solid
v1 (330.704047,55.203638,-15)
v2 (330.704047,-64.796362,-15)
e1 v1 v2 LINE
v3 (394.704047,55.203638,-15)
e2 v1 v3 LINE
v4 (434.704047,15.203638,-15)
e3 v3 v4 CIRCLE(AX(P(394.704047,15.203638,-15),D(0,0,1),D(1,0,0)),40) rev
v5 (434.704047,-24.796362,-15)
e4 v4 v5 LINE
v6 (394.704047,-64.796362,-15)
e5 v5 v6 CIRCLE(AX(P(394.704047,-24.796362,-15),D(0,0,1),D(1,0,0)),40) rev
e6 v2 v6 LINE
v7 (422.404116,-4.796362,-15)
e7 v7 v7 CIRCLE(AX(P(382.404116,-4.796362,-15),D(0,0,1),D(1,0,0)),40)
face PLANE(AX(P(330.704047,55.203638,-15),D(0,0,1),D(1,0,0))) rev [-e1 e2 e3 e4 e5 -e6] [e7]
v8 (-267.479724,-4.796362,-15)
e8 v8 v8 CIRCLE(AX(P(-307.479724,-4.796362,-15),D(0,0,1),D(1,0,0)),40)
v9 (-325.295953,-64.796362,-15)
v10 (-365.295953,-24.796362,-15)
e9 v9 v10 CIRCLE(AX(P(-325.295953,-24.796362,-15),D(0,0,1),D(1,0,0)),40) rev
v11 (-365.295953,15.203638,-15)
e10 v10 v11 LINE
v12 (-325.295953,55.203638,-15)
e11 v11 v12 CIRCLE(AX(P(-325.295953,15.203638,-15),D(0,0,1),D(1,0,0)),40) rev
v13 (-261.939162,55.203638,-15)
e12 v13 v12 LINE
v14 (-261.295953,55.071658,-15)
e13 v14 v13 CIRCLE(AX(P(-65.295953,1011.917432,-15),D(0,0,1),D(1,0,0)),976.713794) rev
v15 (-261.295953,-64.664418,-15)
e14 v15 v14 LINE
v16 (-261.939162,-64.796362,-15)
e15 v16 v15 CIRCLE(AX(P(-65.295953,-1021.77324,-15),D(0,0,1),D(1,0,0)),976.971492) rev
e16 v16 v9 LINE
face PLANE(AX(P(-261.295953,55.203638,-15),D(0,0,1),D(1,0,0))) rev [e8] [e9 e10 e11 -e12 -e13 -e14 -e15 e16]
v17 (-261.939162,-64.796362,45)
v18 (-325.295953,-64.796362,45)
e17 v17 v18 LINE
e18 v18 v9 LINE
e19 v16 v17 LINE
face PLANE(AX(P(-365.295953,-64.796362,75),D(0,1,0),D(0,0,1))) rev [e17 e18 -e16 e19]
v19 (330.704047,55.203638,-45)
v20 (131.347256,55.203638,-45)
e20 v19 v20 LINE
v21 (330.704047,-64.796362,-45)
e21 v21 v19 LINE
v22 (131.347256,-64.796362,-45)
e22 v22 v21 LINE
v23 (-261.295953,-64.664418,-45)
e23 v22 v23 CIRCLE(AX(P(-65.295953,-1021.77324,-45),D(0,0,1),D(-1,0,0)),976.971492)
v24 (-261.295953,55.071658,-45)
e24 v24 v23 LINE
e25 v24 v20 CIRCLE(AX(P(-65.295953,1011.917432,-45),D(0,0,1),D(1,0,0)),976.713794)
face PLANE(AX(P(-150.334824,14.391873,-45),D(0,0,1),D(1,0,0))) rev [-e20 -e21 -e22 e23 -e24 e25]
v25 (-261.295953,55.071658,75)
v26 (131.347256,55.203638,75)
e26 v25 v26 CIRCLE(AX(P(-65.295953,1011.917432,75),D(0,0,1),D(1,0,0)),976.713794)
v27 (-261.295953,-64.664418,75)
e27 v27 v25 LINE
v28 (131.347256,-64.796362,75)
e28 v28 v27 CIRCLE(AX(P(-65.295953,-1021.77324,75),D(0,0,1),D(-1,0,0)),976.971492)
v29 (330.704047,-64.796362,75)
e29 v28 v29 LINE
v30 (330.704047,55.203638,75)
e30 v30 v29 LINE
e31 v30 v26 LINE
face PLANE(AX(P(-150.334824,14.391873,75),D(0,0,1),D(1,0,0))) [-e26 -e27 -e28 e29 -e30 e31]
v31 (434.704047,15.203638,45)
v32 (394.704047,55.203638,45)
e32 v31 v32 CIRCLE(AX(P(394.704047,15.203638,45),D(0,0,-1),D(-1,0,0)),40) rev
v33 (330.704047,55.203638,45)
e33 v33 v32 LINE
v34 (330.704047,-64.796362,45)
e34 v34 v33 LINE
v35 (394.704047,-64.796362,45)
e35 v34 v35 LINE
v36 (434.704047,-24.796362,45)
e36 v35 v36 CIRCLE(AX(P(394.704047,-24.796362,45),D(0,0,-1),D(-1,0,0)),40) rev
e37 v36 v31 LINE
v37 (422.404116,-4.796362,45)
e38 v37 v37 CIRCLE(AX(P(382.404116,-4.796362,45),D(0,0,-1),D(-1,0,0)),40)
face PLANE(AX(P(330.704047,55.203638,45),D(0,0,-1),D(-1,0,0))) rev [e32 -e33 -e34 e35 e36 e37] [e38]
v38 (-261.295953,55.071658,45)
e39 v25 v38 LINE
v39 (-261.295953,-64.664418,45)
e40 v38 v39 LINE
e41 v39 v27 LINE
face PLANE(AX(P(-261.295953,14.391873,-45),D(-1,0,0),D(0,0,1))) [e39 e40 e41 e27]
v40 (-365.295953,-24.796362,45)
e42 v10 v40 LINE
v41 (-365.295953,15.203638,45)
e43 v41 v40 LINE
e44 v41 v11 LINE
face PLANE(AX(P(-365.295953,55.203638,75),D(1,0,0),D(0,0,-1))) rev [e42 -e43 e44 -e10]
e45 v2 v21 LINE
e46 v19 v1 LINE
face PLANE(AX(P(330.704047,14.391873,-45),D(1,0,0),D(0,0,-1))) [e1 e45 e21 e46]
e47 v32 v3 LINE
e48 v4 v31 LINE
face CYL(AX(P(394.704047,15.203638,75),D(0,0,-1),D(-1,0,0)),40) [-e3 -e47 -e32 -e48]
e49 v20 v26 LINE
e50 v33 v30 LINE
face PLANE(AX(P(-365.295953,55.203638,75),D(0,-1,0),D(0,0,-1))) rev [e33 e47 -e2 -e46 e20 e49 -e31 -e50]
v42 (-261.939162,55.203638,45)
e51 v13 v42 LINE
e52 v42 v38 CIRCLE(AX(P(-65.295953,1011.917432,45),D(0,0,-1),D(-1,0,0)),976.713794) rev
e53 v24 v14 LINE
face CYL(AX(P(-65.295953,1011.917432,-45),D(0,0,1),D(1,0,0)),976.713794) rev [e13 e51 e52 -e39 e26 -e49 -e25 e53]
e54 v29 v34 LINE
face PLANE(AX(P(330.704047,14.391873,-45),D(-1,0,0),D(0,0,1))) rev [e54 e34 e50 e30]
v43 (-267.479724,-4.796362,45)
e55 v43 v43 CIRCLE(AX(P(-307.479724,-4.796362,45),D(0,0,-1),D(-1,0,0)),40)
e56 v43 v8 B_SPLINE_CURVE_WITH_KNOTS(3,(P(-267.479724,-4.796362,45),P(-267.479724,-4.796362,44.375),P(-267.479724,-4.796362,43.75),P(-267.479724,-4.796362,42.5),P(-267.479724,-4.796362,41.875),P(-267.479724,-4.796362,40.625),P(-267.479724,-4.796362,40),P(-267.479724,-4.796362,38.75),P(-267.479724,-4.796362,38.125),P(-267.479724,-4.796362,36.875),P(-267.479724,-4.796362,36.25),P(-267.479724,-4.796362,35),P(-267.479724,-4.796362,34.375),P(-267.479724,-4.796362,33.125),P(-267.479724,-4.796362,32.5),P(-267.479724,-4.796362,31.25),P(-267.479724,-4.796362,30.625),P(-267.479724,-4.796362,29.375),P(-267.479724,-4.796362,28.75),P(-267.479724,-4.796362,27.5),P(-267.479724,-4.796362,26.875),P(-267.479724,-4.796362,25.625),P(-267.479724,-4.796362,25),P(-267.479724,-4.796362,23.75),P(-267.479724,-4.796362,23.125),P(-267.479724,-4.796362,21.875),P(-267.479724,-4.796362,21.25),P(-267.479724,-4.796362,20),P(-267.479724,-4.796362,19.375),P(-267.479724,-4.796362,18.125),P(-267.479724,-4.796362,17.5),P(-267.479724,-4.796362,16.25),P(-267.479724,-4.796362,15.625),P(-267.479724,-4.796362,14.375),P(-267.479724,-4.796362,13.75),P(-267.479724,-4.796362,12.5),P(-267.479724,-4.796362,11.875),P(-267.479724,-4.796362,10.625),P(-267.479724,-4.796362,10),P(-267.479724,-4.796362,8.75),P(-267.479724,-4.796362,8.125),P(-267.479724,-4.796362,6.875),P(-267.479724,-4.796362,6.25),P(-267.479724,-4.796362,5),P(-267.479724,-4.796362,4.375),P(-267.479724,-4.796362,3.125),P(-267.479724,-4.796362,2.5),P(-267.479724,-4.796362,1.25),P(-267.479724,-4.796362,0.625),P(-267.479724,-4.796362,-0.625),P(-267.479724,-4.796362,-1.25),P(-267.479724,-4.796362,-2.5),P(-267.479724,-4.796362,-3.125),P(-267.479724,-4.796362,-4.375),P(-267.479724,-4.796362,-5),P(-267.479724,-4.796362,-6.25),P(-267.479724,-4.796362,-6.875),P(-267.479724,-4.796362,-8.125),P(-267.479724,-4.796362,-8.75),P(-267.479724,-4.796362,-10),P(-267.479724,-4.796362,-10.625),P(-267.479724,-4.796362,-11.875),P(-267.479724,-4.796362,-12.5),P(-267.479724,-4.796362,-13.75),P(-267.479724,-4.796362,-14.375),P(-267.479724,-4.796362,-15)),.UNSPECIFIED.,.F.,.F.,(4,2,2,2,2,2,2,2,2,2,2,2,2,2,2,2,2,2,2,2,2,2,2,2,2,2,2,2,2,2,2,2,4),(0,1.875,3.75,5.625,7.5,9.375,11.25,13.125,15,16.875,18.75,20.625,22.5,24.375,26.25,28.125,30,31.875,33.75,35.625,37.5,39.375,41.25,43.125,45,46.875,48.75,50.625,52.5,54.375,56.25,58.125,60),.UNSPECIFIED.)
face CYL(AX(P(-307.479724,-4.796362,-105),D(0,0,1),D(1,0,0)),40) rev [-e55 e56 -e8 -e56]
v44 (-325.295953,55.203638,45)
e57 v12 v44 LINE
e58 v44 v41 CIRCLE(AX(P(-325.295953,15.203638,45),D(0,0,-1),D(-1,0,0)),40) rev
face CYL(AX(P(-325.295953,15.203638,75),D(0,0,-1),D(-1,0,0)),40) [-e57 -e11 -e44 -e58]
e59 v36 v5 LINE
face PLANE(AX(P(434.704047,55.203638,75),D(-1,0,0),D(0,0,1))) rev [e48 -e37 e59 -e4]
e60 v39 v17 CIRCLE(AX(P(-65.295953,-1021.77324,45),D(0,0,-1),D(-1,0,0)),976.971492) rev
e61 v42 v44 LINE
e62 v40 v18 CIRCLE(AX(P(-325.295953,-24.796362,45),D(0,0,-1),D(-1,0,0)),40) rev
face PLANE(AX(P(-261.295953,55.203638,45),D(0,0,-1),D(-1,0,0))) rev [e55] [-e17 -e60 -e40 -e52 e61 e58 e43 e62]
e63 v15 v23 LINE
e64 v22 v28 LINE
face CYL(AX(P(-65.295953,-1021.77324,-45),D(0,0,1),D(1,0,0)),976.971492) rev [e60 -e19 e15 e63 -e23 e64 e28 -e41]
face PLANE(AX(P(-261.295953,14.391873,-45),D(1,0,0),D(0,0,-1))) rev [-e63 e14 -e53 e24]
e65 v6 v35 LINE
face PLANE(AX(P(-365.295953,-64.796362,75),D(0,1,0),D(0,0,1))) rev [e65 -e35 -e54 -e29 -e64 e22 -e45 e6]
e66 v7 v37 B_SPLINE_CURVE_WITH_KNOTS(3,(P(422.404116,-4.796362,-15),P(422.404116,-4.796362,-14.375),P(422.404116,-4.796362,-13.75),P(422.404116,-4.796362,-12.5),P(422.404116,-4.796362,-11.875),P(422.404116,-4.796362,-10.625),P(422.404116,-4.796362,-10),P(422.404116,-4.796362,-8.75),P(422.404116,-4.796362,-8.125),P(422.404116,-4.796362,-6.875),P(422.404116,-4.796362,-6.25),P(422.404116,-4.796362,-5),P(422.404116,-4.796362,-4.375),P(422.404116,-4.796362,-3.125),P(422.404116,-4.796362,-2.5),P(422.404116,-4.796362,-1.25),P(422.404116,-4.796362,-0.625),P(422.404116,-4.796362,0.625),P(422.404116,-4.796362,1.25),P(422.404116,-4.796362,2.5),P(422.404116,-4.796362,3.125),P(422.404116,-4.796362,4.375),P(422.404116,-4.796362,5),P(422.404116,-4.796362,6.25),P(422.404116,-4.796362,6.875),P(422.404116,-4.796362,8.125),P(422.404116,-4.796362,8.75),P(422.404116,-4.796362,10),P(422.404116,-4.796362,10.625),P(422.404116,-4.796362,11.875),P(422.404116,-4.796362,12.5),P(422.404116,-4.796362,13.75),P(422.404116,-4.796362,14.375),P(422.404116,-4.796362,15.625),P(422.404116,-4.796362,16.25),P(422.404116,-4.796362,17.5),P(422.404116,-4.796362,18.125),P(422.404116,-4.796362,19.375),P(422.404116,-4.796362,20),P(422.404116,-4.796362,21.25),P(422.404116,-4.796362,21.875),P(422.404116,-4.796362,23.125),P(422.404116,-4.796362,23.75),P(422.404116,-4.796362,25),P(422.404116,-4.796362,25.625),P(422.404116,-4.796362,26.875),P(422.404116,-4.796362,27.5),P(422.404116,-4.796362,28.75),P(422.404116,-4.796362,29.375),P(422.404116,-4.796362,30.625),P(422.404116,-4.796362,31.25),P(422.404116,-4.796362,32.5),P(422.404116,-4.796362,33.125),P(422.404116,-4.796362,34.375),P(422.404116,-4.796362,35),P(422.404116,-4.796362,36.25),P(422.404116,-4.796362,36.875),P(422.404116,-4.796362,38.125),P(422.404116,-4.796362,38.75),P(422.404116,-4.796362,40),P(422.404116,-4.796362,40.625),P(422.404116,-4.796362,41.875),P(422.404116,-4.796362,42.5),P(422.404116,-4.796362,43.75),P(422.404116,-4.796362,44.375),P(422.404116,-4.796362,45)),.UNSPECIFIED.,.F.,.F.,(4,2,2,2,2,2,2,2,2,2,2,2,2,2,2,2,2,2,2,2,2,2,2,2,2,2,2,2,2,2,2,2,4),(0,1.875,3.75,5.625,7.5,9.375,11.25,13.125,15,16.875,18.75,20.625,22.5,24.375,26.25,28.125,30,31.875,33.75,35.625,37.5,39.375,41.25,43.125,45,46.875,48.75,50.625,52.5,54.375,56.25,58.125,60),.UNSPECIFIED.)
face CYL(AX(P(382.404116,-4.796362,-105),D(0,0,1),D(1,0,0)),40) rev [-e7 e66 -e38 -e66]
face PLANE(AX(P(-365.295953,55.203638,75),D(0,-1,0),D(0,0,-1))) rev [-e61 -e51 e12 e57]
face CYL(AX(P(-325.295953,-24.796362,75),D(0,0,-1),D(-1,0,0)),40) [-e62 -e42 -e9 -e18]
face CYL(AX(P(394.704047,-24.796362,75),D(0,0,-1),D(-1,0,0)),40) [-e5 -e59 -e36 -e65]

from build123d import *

# Parameters (mm, degrees)
SKETCH1_W           = 200
SKETCH1_H           = 30
BOSS_EXTRUDE1_DEPTH = 30
FILLET1_R           = 10
CUT_EXTRUDE1_DEPTH  = 30
SKETCH3_W           = 7.5
SKETCH3_H           = 30
CUT_EXTRUDE2_DEPTH  = 26
SKETCH4_W           = 7.5
SKETCH4_H           = 30
CUT_EXTRUDE3_DEPTH  = 26
SKETCH5_R           = 10
CUT_EXTRUDE4_DEPTH  = 45
SCALE1_SCALE        = 4


with BuildPart() as part:
    # Sketch1 → Boss-Extrude1 (new body)
    with BuildSketch(Plane.XY):
        with Locations((46.259717806, -4.797058824)):
            Rectangle(SKETCH1_W, SKETCH1_H)
    extrude(amount=BOSS_EXTRUDE1_DEPTH)

    # Fillet1
    fillet1_edges = [part.edges().sort_by_distance(p)[0] for p in [
        (-53.740282194, 10.202941176, 15),
        (146.259717806, 10.202941176, 15),
        (146.259717806, -19.797058824, 15),
        (-53.740282194, -19.797058824, 15),
    ]]
    fillet(fillet1_edges, radius=FILLET1_R)

    # Sketch2 → Cut-Extrude1 (cut)
    with BuildSketch(Plane.XY.offset(30)):
        with BuildLine():
            Line((-27.901084514, 10.202941176), (70.420520136, 10.202941176))
            ThreePointArc((70.420520136, 10.202941176), (21.259717811, 5.202941178), (-27.901084514, 10.202941176))
        make_face()
        with BuildLine():
            Line((-27.901084524, -19.797058824), (70.420520136, -19.797058824))
            ThreePointArc((70.420520136, -19.797058824), (21.259717806, -14.798405243), (-27.901084524, -19.797058824))
        make_face()
    extrude(amount=-CUT_EXTRUDE1_DEPTH, mode=Mode.SUBTRACT)

    # Sketch3 → Cut-Extrude2 (cut)
    with BuildSketch(Plane(origin=(146.259717806, 0, 0), x_dir=(0, 0, -1), z_dir=(1, 0, 0))):
        with Locations((-3.75, -4.797058824)):
            Rectangle(SKETCH3_W, SKETCH3_H)
        with Locations((-26.25, -4.797058824)):
            Rectangle(SKETCH3_W, SKETCH3_H)
    extrude(amount=-CUT_EXTRUDE2_DEPTH, mode=Mode.SUBTRACT)

    # Sketch4 → Cut-Extrude3 (cut)
    with BuildSketch(Plane.ZY.offset(53.740282194)):
        with Locations((26.25, -4.797058824)):
            Rectangle(SKETCH4_W, SKETCH4_H)
        with Locations((3.75, -4.797058824)):
            Rectangle(SKETCH4_W, SKETCH4_H)
    extrude(amount=-CUT_EXTRUDE3_DEPTH, mode=Mode.SUBTRACT)

    # Sketch5 → Cut-Extrude4 (cut)
    with BuildSketch(Plane.XY.offset(30)):
        with Locations((-39.286224807, -4.797058824)):
            Circle(SKETCH5_R)
        with Locations((133.184735123, -4.797058824)):
            Circle(SKETCH5_R)
    extrude(amount=-CUT_EXTRUDE4_DEPTH, mode=Mode.SUBTRACT)


with BuildPart() as part_1:
    # Scale1: scaled about (50.111608126, -4.79729109, 15)
    add(part.part.scale(SCALE1_SCALE).moved(Location((-150.334824378, 14.39187327, -45))))


solid = part_1.part
